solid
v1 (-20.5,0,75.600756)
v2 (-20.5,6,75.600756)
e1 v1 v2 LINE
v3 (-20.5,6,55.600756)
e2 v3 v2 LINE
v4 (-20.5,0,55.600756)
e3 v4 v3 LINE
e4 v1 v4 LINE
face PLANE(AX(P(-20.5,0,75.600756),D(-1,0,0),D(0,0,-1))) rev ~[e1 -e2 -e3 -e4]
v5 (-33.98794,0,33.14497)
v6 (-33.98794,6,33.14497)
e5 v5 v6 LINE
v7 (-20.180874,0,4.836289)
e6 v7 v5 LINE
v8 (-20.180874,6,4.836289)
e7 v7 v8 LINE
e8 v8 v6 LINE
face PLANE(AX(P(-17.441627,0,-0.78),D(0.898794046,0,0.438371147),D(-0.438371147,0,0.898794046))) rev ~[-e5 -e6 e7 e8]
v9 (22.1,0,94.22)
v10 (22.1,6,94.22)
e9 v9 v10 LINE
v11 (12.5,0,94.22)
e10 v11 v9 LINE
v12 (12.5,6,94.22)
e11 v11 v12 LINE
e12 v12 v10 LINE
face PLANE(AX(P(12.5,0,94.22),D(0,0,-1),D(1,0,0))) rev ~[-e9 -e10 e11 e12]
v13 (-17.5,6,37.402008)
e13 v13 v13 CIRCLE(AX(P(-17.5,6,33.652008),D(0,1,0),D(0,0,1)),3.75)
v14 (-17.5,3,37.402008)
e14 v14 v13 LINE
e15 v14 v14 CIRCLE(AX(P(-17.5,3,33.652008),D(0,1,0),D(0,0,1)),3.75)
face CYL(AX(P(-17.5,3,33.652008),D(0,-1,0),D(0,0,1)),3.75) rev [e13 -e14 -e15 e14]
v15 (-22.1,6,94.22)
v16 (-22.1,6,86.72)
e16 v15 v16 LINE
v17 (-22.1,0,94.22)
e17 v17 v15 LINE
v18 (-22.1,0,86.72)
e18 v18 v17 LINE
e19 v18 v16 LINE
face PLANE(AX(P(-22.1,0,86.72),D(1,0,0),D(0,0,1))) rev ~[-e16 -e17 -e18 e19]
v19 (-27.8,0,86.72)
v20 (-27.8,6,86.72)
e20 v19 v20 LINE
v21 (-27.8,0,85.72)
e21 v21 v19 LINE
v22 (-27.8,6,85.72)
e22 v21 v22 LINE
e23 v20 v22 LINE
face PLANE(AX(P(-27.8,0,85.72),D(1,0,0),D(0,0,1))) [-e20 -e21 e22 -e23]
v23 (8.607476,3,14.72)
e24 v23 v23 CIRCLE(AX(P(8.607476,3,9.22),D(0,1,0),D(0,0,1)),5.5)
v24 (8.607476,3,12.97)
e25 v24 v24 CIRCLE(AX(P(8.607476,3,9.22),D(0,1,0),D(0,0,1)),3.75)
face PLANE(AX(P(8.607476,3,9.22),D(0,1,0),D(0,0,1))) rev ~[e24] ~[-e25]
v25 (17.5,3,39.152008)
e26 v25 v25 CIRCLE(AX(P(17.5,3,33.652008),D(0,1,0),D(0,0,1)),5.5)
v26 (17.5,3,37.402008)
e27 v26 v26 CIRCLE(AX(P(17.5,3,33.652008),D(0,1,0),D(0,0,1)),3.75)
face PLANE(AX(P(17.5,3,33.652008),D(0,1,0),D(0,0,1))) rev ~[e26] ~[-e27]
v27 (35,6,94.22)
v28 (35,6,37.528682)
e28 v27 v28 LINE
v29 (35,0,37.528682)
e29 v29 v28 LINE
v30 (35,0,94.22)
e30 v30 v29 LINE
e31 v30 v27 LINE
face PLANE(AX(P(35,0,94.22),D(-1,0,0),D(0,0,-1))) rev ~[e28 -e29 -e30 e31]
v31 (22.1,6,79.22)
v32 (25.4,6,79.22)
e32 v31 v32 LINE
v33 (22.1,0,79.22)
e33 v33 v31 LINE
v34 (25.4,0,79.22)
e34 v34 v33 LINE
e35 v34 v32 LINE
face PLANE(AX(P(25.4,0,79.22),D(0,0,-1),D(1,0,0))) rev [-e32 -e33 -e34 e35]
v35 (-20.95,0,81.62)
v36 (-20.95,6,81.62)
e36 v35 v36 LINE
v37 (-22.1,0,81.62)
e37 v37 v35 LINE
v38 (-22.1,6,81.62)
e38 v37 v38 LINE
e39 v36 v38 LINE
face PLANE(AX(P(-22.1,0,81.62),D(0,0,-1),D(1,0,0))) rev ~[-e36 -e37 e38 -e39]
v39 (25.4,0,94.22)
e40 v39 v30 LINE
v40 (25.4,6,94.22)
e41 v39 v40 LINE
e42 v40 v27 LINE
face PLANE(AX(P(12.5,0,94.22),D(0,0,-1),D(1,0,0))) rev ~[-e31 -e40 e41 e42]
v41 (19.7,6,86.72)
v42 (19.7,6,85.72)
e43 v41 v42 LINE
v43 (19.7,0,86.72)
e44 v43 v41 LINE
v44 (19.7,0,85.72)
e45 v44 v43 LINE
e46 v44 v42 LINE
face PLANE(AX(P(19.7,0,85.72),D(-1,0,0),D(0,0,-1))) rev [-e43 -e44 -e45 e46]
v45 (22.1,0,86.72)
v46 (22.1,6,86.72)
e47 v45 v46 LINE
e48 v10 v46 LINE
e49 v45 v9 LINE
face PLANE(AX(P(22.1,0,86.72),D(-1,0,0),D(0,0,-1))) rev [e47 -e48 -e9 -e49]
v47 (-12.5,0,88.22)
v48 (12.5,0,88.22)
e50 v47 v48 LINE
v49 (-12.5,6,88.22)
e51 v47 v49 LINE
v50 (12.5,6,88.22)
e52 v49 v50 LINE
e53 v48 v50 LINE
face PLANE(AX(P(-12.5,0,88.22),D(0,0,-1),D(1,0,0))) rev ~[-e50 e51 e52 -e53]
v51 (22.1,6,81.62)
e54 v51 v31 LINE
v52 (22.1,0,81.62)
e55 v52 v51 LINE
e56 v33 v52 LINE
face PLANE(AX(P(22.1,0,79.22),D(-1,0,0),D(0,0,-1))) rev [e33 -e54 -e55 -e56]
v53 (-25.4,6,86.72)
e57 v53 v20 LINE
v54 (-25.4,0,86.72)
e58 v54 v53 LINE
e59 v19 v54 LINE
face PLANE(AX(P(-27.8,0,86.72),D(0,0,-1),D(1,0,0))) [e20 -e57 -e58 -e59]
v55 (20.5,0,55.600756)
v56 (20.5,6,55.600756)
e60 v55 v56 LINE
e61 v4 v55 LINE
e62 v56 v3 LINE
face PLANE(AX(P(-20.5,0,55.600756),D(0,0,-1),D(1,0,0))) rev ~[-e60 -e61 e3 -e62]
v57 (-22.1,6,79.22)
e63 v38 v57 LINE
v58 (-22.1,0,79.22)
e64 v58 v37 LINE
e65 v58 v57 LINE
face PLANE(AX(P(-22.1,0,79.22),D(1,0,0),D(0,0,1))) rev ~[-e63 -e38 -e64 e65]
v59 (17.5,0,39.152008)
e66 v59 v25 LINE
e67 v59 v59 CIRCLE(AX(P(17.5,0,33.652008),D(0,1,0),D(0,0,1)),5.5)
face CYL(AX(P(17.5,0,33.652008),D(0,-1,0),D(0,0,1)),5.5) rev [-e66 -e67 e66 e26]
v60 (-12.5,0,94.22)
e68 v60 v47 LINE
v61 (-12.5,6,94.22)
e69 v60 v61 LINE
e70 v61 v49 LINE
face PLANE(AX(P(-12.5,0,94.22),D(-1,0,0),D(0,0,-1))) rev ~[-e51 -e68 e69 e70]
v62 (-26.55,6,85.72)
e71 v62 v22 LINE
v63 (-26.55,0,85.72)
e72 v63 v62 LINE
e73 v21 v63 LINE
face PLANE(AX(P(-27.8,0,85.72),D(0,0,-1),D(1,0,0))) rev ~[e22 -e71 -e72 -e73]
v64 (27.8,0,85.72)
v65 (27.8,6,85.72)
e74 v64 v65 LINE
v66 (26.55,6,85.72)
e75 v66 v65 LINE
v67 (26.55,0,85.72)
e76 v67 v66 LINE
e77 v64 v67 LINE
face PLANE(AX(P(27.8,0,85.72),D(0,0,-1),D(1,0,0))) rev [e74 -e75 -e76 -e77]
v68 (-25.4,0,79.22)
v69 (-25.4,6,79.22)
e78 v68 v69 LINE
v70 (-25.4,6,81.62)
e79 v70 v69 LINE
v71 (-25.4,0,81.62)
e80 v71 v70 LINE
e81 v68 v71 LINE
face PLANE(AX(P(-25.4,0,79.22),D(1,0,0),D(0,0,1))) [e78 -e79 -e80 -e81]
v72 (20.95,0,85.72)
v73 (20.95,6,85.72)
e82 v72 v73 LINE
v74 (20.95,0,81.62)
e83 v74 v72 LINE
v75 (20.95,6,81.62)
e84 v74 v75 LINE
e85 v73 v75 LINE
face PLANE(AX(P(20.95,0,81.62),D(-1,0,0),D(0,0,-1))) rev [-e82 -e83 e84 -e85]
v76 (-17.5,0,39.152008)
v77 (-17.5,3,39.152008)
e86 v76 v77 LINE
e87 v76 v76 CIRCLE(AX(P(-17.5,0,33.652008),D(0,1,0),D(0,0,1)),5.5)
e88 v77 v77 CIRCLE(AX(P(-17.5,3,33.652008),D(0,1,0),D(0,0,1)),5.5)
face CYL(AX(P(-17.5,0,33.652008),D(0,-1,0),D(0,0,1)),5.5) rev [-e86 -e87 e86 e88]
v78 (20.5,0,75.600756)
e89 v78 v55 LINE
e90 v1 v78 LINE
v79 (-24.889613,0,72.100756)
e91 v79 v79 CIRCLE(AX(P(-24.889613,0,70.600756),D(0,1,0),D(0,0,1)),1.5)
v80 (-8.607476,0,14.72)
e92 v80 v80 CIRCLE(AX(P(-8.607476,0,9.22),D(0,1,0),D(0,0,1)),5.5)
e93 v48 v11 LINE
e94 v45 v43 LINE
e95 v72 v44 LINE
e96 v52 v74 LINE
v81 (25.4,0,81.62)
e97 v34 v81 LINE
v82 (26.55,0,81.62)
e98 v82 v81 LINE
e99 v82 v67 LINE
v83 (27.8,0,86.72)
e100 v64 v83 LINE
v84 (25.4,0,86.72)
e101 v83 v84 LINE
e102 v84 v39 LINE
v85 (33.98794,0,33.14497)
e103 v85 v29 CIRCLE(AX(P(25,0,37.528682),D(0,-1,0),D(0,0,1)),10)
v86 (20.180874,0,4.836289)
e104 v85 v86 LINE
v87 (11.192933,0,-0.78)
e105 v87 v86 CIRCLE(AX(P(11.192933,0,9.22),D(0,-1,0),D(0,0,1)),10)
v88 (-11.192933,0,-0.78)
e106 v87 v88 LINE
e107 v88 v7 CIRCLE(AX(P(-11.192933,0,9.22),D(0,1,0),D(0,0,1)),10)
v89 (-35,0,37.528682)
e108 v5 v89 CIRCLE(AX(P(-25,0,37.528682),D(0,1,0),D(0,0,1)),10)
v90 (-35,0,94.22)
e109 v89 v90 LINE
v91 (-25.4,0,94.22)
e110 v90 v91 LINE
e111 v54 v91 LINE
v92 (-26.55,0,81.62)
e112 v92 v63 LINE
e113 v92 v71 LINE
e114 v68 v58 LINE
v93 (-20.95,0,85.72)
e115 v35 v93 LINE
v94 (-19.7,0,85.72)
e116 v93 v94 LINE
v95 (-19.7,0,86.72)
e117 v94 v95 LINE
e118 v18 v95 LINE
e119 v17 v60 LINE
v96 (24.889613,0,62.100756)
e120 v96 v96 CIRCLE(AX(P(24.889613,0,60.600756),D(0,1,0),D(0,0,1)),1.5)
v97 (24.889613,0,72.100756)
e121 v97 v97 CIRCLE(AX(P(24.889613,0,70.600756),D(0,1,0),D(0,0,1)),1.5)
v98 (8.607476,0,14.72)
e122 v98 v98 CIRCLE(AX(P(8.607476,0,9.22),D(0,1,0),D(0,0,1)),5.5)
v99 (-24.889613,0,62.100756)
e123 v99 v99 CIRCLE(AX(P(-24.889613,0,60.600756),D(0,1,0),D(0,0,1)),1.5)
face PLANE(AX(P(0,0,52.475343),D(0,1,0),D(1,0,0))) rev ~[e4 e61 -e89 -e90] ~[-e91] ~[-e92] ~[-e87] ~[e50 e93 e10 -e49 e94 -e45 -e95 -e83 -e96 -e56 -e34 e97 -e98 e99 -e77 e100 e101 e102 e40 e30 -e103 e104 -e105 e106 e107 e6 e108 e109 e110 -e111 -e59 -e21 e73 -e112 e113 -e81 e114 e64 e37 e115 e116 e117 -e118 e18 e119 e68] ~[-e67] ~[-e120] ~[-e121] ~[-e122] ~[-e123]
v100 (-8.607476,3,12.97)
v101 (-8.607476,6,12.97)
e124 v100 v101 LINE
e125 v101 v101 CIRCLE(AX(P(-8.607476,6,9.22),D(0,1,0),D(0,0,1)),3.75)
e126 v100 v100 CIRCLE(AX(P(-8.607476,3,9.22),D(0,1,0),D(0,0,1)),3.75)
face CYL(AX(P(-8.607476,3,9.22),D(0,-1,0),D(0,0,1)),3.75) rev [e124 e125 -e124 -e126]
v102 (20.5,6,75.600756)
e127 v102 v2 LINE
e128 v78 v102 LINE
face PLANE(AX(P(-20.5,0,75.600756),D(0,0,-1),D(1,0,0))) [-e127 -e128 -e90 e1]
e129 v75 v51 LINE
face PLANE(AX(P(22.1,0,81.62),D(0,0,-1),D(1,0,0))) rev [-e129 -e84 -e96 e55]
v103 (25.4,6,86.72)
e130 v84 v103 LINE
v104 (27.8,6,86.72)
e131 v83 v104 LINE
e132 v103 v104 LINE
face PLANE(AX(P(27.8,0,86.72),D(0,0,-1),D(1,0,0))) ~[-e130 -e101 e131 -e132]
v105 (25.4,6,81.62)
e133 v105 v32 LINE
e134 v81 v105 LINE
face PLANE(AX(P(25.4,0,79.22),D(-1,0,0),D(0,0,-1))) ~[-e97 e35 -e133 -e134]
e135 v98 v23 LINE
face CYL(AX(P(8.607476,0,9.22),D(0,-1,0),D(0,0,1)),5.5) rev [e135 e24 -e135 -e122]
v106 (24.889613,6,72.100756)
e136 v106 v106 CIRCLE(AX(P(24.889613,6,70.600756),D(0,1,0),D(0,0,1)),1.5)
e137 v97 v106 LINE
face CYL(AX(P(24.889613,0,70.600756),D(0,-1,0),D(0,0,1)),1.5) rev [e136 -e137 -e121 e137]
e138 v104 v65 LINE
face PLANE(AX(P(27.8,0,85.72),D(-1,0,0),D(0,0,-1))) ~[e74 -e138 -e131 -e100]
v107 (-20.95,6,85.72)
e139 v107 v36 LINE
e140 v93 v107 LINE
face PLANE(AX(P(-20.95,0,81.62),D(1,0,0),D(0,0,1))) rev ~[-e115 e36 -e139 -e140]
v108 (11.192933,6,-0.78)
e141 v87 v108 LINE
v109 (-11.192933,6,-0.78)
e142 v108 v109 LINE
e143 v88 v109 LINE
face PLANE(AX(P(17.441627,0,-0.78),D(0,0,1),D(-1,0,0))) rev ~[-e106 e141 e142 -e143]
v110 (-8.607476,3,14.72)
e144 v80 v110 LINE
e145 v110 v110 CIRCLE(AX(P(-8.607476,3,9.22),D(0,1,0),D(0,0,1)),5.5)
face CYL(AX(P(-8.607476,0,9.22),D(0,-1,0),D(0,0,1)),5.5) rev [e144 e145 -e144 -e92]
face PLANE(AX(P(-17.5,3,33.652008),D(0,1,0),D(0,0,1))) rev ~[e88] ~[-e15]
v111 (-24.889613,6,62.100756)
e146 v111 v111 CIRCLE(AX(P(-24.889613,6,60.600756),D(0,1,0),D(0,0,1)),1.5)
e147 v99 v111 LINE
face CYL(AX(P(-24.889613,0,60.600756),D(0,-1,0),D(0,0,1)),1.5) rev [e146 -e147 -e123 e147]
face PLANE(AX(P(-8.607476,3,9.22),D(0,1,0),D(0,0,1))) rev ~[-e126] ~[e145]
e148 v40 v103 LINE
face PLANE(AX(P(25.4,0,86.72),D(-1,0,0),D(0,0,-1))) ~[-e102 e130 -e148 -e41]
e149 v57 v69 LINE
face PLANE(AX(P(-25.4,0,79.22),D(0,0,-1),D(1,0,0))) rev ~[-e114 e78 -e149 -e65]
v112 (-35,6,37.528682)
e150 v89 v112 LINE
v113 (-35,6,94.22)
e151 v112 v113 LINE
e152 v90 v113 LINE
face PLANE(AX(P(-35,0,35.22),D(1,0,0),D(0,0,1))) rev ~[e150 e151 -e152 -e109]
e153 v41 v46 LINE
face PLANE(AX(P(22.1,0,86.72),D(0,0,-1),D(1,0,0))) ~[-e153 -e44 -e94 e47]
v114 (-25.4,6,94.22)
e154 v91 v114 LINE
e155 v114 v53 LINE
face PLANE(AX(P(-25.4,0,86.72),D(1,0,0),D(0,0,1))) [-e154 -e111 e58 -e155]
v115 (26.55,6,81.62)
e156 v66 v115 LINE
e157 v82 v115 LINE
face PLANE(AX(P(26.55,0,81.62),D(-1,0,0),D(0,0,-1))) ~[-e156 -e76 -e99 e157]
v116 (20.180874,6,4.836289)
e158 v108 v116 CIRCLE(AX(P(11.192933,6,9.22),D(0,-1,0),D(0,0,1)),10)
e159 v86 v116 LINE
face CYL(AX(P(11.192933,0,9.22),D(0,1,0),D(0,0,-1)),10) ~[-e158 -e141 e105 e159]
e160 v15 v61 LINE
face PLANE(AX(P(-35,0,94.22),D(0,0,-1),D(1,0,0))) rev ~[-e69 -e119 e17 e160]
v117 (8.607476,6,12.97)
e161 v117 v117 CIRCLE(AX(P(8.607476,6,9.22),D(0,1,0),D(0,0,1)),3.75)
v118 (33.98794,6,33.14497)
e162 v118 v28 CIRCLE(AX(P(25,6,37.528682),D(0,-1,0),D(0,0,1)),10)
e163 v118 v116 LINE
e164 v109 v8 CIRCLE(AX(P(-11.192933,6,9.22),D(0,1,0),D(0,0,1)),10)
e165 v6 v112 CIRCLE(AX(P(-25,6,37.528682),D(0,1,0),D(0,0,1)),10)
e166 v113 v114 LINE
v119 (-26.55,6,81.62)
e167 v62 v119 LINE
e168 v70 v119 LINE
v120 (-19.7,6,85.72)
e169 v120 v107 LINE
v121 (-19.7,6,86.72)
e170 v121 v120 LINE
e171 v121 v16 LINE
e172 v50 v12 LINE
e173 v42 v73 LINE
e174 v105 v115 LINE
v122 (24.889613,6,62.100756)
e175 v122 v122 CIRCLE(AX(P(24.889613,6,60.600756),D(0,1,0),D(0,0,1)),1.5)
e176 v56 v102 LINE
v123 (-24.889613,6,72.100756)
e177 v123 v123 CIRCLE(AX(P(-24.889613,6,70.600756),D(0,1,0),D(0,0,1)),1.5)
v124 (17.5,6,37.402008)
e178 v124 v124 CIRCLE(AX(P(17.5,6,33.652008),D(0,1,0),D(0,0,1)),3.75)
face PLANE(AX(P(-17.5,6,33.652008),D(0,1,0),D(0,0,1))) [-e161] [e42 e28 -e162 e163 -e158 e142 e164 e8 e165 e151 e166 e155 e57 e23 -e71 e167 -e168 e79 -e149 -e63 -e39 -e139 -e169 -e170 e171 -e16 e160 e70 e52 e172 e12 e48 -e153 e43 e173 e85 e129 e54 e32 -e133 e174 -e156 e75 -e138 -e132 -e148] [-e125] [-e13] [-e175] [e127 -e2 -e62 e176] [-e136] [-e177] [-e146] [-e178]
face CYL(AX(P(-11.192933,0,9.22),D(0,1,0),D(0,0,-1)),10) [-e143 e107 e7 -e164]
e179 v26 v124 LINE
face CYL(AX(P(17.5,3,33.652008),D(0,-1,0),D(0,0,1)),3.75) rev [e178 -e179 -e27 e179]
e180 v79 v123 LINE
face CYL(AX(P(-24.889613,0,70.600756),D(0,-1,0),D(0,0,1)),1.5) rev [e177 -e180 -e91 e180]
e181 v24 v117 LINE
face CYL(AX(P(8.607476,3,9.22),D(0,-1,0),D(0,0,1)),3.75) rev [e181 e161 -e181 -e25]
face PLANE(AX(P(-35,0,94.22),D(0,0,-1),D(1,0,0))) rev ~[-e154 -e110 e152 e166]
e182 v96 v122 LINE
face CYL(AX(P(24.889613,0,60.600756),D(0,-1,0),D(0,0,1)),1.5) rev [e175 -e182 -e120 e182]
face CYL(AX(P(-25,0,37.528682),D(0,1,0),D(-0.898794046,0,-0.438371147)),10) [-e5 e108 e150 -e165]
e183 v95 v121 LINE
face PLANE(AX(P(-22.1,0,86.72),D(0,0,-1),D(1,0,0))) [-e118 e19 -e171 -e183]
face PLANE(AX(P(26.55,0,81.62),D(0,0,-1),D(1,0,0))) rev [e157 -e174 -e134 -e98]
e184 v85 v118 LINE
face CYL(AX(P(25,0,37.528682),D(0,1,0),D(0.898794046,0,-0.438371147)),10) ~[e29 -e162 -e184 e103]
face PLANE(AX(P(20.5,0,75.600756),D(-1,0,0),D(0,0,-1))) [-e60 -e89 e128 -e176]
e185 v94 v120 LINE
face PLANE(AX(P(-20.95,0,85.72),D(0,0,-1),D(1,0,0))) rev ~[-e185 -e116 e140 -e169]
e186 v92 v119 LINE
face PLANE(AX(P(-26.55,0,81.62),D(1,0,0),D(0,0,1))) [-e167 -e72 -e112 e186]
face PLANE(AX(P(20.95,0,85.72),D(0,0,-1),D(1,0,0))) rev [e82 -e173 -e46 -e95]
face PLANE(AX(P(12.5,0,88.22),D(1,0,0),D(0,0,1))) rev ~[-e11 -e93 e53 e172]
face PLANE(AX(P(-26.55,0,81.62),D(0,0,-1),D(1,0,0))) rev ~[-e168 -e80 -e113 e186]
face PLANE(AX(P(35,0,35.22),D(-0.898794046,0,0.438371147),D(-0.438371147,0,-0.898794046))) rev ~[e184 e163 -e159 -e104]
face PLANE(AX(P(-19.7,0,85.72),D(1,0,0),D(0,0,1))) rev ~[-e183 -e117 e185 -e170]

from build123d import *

# Parameters (mm, degrees)
SKETCH1_R           = 1.5
SKETCH1_R_2         = 5.5
SKETCH1_R_3         = 3.75
BOSS_EXTRUDE1_DEPTH = 6
FILLET1_R           = 10
BOSS_EXTRUDE2_START = 3
SKETCH1_3_R         = 5.5
SKETCH1_3_R_2       = 3.75
BOSS_EXTRUDE2_DEPTH = 3
SKETCH1_4_W         = 41
SKETCH1_4_H         = 20
CUT_EXTRUDE2_DEPTH  = 10
SKETCH4_W           = 3.3
SKETCH4_H           = 15
SKETCH4_W_2         = 5.6
SKETCH4_H_2         = 4.1
SKETCH4_W_3         = 8.1
SKETCH4_H_3         = 1
CUT_EXTRUDE3_DEPTH  = 10


with BuildPart() as part:
    # Sketch1 → Boss-Extrude1 (new body)
    with BuildSketch(Plane(origin=(0, 0, 0), x_dir=(1, 0, 0), z_dir=(0, 1, 0))):
        Polygon((17.441626812, 0.78), (-17.441626812, 0.78), (-35, -35.22), (-35, -94.22), (-12.5, -94.22), (-12.5, -88.22), (12.5, -88.22), (12.5, -94.22), (35, -94.22), (35, -35.22), align=None)
        with Locations(Location((-24.889613301, -70.60075616, 0), (0, 0, 270))):
            Circle(SKETCH1_R, mode=Mode.SUBTRACT)
        with Locations(Location((-24.889613301, -60.60075616, 0), (0, 0, 270))):
            Circle(SKETCH1_R, mode=Mode.SUBTRACT)
        with Locations(Location((24.889613301, -70.60075616, 0), (0, 0, 270))):
            Circle(SKETCH1_R, mode=Mode.SUBTRACT)
        with Locations(Location((24.889613301, -60.60075616, 0), (0, 0, 270))):
            Circle(SKETCH1_R, mode=Mode.SUBTRACT)
        with Locations(Location((-17.5, -33.65200814, 0), (0, 0, 270))):
            Circle(SKETCH1_R_2, mode=Mode.SUBTRACT)
        with Locations(Location((-8.607476274, -9.22, 0), (0, 0, 270))):
            Circle(SKETCH1_R_2, mode=Mode.SUBTRACT)
        with Locations(Location((17.5, -33.65200814, 0), (0, 0, 270))):
            Circle(SKETCH1_R_2, mode=Mode.SUBTRACT)
        with Locations(Location((8.607476274, -9.22, 0), (0, 0, 270))):
            Circle(SKETCH1_R_2, mode=Mode.SUBTRACT)
        with Locations(Location((10.3, -65.60075616, 0), (0, 0, 270))):
            Circle(SKETCH1_R_3, mode=Mode.SUBTRACT)
    extrude(amount=BOSS_EXTRUDE1_DEPTH)

    # Fillet1
    fillet1_edges = [part.edges().sort_by_distance(p)[0] for p in [
        (-35, 3, 35.22),
        (-17.441626812, 3, -0.78),
        (17.441626812, 3, -0.78),
        (35, 3, 35.22),
    ]]
    fillet(fillet1_edges, radius=FILLET1_R)

    # Sketch1<3> → Boss-Extrude2 (add)
    # profile 1 of 4: a face of its own
    with BuildSketch(Plane(origin=(0, 0, 0), x_dir=(1, 0, 0), z_dir=(0, 1, 0)).offset(BOSS_EXTRUDE2_START)):
        with Locations(Location((-17.5, -33.65200814, 0), (0, 0, 270))):
            Circle(SKETCH1_3_R)
        with Locations(Location((-17.5, -33.65200814, 0), (0, 0, 270))):
            Circle(SKETCH1_3_R_2, mode=Mode.SUBTRACT)
    # profile 2 of 4: a face of its own
    with BuildSketch(Plane(origin=(0, 0, 0), x_dir=(1, 0, 0), z_dir=(0, 1, 0)).offset(BOSS_EXTRUDE2_START)):
        with Locations(Location((-8.607476274, -9.22, 0), (0, 0, 270))):
            Circle(SKETCH1_3_R)
        with Locations(Location((-8.607476274, -9.22, 0), (0, 0, 270))):
            Circle(SKETCH1_3_R_2, mode=Mode.SUBTRACT)
    # profile 3 of 4: a face of its own
    with BuildSketch(Plane(origin=(0, 0, 0), x_dir=(1, 0, 0), z_dir=(0, 1, 0)).offset(BOSS_EXTRUDE2_START)):
        with Locations(Location((17.5, -33.65200814, 0), (0, 0, 270))):
            Circle(SKETCH1_3_R)
        with Locations(Location((17.5, -33.65200814, 0), (0, 0, 270))):
            Circle(SKETCH1_3_R_2, mode=Mode.SUBTRACT)
    # profile 4 of 4: a face of its own
    with BuildSketch(Plane(origin=(0, 0, 0), x_dir=(1, 0, 0), z_dir=(0, 1, 0)).offset(BOSS_EXTRUDE2_START)):
        with Locations(Location((8.607476274, -9.22, 0), (0, 0, 270))):
            Circle(SKETCH1_3_R)
        with Locations(Location((8.607476274, -9.22, 0), (0, 0, 270))):
            Circle(SKETCH1_3_R_2, mode=Mode.SUBTRACT)
    extrude(amount=BOSS_EXTRUDE2_DEPTH)

    # Sketch1<4> → Cut-Extrude2 (cut)
    with BuildSketch(Plane(origin=(0, 0, 0), x_dir=(1, 0, 0), z_dir=(0, 1, 0))):
        with Locations((0, -65.60075616)):
            Rectangle(SKETCH1_4_W, SKETCH1_4_H)
    extrude(amount=CUT_EXTRUDE2_DEPTH, mode=Mode.SUBTRACT)

    # Sketch4 → Cut-Extrude3 (cut)
    with BuildSketch(Plane.XZ):
        with Locations((-23.75, 86.72)):
            Rectangle(SKETCH4_W, SKETCH4_H)
        with Locations((-23.75, 83.67)):
            Rectangle(SKETCH4_W_2, SKETCH4_H_2)
        with Locations((-23.75, 86.22)):
            Rectangle(SKETCH4_W_3, SKETCH4_H_3)
    cut_extrude3 = extrude(amount=-CUT_EXTRUDE3_DEPTH, mode=Mode.SUBTRACT)

    # Mirror1: Cut-Extrude3 across plane
    add(cut_extrude3.mirror(Plane(origin=(0, 0, 0), x_dir=(0, 0, 1), z_dir=(1, 0, 0))), mode=Mode.SUBTRACT)


solid = part.part
